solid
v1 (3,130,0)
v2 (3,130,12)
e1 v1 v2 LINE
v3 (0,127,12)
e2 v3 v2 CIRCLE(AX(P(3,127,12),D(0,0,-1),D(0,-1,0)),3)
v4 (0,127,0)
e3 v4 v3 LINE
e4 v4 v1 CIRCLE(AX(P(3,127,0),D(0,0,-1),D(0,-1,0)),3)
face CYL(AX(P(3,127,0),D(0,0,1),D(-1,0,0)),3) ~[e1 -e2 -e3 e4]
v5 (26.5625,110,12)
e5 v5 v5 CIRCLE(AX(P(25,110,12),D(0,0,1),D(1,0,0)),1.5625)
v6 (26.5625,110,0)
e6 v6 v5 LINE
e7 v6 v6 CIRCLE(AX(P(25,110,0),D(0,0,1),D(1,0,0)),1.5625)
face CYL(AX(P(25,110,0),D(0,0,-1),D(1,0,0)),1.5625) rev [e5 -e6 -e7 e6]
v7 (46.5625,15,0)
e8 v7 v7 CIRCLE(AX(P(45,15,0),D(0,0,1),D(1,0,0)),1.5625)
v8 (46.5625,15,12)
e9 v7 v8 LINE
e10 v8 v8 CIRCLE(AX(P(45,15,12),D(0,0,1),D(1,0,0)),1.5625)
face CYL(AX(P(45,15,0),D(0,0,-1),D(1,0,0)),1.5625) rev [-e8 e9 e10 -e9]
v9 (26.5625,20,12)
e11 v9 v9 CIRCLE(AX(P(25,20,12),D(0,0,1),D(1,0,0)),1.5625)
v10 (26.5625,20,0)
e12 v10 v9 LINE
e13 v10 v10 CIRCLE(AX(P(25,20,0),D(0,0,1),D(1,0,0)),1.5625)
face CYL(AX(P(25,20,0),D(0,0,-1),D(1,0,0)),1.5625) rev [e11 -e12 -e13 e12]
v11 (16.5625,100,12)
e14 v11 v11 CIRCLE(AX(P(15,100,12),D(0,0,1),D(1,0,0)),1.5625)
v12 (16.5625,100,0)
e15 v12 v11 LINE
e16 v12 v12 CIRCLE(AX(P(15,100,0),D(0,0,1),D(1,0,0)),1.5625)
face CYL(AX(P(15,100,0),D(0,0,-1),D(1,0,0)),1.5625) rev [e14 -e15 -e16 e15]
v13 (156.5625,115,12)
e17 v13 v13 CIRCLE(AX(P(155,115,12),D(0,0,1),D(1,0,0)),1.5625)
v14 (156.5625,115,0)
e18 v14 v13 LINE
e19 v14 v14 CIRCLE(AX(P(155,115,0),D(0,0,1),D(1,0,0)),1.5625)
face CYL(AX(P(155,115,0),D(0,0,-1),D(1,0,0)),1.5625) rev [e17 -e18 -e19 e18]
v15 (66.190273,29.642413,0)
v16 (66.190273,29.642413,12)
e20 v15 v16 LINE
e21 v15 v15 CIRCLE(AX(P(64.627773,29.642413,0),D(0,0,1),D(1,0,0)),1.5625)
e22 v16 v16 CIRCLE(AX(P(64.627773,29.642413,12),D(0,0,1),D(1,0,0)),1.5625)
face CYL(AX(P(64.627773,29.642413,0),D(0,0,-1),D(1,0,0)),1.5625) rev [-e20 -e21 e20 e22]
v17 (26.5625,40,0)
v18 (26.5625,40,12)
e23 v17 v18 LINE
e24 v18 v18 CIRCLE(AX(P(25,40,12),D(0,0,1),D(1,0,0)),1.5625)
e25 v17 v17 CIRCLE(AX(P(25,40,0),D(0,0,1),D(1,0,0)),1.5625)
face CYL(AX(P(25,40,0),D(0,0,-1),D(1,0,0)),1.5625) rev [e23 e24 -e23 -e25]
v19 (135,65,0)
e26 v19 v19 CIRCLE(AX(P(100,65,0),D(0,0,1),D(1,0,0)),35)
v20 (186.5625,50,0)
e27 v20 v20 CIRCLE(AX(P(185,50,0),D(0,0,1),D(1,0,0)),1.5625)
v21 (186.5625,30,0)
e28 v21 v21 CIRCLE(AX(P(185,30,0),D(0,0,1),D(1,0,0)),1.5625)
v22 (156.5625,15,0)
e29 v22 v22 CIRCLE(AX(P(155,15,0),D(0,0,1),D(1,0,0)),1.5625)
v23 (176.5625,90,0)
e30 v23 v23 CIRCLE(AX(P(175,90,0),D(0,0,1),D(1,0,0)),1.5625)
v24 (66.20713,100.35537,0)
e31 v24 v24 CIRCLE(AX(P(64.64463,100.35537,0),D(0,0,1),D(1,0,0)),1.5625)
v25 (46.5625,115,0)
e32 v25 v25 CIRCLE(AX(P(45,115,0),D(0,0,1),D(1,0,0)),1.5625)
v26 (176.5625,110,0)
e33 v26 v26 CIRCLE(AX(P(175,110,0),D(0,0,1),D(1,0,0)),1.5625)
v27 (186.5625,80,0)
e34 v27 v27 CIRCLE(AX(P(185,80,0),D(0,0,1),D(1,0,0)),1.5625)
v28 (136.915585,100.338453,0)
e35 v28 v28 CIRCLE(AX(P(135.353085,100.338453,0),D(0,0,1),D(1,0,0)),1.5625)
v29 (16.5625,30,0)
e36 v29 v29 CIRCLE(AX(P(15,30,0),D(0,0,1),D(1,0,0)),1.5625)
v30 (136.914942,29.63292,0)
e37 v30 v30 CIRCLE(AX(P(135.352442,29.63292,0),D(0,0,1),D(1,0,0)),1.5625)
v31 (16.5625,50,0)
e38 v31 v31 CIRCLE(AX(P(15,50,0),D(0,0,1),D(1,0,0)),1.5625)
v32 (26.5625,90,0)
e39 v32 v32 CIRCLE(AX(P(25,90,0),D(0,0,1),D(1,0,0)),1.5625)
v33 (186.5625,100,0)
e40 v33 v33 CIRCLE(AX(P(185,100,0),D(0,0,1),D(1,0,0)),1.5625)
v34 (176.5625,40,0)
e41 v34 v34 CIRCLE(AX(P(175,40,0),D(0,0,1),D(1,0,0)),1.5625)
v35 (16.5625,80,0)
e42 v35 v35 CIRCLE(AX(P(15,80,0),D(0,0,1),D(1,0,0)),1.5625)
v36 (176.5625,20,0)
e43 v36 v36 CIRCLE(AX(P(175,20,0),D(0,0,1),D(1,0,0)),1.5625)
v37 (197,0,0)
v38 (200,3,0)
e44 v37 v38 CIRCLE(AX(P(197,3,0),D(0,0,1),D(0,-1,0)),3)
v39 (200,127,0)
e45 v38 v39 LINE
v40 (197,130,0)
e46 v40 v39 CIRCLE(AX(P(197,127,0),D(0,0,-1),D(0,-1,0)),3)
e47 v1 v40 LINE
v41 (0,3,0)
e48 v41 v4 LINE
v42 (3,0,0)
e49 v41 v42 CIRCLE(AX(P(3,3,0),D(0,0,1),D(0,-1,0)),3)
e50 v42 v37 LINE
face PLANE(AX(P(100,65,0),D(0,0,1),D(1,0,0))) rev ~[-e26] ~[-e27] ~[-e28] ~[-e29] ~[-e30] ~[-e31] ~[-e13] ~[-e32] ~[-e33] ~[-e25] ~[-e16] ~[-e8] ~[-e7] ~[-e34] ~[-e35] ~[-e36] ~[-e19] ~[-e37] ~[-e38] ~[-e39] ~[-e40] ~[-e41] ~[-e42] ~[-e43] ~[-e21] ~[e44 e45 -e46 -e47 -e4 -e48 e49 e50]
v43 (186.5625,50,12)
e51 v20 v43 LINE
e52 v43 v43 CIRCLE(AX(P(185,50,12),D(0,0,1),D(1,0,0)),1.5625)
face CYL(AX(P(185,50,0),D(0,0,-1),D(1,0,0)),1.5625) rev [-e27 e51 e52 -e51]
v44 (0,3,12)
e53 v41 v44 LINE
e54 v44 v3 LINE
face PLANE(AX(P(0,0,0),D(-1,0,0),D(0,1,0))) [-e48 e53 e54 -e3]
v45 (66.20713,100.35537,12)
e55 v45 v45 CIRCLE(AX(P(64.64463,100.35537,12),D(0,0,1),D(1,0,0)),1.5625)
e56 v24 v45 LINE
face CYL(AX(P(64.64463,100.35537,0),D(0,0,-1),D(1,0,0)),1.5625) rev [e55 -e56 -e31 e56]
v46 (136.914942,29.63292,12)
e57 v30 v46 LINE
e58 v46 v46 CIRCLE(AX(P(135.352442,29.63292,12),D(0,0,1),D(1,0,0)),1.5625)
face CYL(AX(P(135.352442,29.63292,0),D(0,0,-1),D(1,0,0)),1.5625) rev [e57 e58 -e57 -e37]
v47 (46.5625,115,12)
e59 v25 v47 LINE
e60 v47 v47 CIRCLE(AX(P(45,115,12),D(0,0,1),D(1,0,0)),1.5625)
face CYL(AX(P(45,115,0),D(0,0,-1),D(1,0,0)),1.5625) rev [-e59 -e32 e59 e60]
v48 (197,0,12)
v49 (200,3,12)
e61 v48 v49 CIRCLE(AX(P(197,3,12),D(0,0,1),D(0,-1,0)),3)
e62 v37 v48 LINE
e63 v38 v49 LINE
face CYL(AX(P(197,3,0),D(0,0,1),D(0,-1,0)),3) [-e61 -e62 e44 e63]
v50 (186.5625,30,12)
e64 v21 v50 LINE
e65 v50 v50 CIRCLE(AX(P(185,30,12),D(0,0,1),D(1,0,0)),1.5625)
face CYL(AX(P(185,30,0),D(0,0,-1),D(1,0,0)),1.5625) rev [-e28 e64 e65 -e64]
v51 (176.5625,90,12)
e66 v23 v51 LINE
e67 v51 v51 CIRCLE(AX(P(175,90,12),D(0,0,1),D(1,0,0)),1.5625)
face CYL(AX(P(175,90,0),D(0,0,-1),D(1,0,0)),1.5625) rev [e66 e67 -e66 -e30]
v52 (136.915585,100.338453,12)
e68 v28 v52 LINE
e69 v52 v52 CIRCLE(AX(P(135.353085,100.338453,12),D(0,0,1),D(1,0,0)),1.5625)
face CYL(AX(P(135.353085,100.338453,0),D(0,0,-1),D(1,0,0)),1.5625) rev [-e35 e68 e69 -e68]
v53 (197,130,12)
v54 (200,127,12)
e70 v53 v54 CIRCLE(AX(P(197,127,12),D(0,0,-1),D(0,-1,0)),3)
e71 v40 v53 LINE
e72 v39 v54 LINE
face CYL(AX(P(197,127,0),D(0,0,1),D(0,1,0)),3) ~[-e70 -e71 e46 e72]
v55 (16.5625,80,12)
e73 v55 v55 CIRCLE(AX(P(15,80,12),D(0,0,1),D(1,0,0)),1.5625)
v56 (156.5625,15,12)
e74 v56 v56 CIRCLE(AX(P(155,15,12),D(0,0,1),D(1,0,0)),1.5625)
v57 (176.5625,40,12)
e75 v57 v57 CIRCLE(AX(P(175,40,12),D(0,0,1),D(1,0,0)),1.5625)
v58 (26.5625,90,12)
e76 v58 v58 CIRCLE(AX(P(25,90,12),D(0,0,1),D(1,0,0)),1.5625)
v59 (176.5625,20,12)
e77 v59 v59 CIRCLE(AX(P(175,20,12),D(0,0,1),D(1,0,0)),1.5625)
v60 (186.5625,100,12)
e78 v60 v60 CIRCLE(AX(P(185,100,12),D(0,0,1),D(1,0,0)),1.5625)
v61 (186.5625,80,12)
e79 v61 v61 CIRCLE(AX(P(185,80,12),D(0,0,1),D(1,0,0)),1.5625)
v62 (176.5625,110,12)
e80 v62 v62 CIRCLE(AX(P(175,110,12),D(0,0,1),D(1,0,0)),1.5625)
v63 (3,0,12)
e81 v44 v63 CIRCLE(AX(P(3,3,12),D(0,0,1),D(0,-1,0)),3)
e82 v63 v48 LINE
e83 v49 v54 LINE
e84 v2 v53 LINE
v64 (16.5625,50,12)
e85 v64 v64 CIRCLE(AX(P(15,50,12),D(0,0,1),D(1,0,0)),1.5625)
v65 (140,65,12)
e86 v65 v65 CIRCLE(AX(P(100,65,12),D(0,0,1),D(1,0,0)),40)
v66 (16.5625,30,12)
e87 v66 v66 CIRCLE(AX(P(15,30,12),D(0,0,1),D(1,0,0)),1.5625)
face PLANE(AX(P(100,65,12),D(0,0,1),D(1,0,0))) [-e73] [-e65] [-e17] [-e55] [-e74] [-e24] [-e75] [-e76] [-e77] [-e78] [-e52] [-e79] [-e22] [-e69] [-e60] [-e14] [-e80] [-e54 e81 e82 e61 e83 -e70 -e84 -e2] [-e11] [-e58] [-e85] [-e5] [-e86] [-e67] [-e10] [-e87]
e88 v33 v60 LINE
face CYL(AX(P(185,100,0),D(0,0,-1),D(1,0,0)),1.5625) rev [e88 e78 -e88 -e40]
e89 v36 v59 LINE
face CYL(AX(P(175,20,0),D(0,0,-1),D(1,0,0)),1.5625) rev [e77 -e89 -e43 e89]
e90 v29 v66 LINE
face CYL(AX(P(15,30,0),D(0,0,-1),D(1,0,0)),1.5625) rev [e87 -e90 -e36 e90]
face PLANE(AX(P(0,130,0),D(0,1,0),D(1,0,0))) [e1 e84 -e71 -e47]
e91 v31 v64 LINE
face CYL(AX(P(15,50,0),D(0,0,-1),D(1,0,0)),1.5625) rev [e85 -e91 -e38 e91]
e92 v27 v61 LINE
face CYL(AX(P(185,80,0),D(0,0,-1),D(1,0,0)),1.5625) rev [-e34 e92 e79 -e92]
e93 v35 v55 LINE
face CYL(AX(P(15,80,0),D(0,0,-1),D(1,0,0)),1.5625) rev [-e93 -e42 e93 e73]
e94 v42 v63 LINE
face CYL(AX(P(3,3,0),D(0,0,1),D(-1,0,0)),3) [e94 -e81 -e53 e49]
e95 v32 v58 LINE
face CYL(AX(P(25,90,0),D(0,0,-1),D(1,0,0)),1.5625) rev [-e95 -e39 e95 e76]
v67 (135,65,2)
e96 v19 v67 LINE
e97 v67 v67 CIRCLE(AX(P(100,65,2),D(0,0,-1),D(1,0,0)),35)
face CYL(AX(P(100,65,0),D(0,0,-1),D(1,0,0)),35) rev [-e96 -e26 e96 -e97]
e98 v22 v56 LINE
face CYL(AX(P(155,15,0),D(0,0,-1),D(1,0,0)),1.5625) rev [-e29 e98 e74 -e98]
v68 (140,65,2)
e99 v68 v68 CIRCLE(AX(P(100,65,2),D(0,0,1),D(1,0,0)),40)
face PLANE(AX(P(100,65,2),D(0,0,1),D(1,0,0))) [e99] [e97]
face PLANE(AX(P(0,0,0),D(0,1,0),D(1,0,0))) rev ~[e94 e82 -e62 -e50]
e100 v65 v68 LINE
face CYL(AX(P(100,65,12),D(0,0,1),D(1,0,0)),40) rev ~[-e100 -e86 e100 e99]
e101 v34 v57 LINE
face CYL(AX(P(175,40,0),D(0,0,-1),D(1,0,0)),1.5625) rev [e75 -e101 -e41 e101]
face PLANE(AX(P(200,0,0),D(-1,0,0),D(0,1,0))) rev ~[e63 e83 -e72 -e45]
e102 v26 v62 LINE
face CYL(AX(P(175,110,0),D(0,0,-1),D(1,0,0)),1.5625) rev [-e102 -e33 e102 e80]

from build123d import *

# Parameters (mm, degrees)
SKETCH_W     = 200
SKETCH_H     = 130
SKETCH_R     = 35
SKETCH_R_2   = 1.5625
PAD_DEPTH    = 12
SKETCH001_R  = 40
POCKET_DEPTH = 10
FILLET_R     = 3


with BuildPart() as part:
    # Sketch → Pad (new body)
    with BuildSketch(Plane.XY):
        with Locations((100, 65)):
            Rectangle(SKETCH_W, SKETCH_H)
        with Locations((100, 65)):
            Circle(SKETCH_R, mode=Mode.SUBTRACT)
        with Locations((45, 115)):
            Circle(SKETCH_R_2, mode=Mode.SUBTRACT)
        with Locations((45, 15)):
            Circle(SKETCH_R_2, mode=Mode.SUBTRACT)
        with Locations((155, 115)):
            Circle(SKETCH_R_2, mode=Mode.SUBTRACT)
        with Locations((155, 15)):
            Circle(SKETCH_R_2, mode=Mode.SUBTRACT)
        with Locations((185, 30)):
            Circle(SKETCH_R_2, mode=Mode.SUBTRACT)
        with Locations((135.353085, 100.338453)):
            Circle(SKETCH_R_2, mode=Mode.SUBTRACT)
        with Locations((64.627773, 29.642413)):
            Circle(SKETCH_R_2, mode=Mode.SUBTRACT)
        with Locations((64.64463, 100.35537)):
            Circle(SKETCH_R_2, mode=Mode.SUBTRACT)
        with Locations((135.352442, 29.63292)):
            Circle(SKETCH_R_2, mode=Mode.SUBTRACT)
        with Locations((175, 20)):
            Circle(SKETCH_R_2, mode=Mode.SUBTRACT)
        with Locations((175, 40)):
            Circle(SKETCH_R_2, mode=Mode.SUBTRACT)
        with Locations((185, 50)):
            Circle(SKETCH_R_2, mode=Mode.SUBTRACT)
        with Locations((175, 90)):
            Circle(SKETCH_R_2, mode=Mode.SUBTRACT)
        with Locations((175, 110)):
            Circle(SKETCH_R_2, mode=Mode.SUBTRACT)
        with Locations((185, 80)):
            Circle(SKETCH_R_2, mode=Mode.SUBTRACT)
        with Locations((185, 100)):
            Circle(SKETCH_R_2, mode=Mode.SUBTRACT)
        with Locations((15, 30)):
            Circle(SKETCH_R_2, mode=Mode.SUBTRACT)
        with Locations((25, 20)):
            Circle(SKETCH_R_2, mode=Mode.SUBTRACT)
        with Locations((25, 40)):
            Circle(SKETCH_R_2, mode=Mode.SUBTRACT)
        with Locations((15, 50)):
            Circle(SKETCH_R_2, mode=Mode.SUBTRACT)
        with Locations((25, 90)):
            Circle(SKETCH_R_2, mode=Mode.SUBTRACT)
        with Locations((25, 110)):
            Circle(SKETCH_R_2, mode=Mode.SUBTRACT)
        with Locations((15, 80)):
            Circle(SKETCH_R_2, mode=Mode.SUBTRACT)
        with Locations((15, 100)):
            Circle(SKETCH_R_2, mode=Mode.SUBTRACT)
    extrude(amount=PAD_DEPTH)

    # Sketch001 (on Face31 of Pad) → Pocket (cut)
    with BuildSketch(Plane.XY.offset(12)):
        with Locations((100, 65)):
            Circle(SKETCH001_R)
    extrude(amount=-POCKET_DEPTH, mode=Mode.SUBTRACT)

    # Fillet
    fillet_edges = [part.edges().sort_by_distance(p)[0] for p in [
        (200, 0, 6),
        (200, 130, 6),
        (0, 0, 6),
        (0, 130, 6),
    ]]
    fillet(fillet_edges, radius=FILLET_R)


solid = part.part
